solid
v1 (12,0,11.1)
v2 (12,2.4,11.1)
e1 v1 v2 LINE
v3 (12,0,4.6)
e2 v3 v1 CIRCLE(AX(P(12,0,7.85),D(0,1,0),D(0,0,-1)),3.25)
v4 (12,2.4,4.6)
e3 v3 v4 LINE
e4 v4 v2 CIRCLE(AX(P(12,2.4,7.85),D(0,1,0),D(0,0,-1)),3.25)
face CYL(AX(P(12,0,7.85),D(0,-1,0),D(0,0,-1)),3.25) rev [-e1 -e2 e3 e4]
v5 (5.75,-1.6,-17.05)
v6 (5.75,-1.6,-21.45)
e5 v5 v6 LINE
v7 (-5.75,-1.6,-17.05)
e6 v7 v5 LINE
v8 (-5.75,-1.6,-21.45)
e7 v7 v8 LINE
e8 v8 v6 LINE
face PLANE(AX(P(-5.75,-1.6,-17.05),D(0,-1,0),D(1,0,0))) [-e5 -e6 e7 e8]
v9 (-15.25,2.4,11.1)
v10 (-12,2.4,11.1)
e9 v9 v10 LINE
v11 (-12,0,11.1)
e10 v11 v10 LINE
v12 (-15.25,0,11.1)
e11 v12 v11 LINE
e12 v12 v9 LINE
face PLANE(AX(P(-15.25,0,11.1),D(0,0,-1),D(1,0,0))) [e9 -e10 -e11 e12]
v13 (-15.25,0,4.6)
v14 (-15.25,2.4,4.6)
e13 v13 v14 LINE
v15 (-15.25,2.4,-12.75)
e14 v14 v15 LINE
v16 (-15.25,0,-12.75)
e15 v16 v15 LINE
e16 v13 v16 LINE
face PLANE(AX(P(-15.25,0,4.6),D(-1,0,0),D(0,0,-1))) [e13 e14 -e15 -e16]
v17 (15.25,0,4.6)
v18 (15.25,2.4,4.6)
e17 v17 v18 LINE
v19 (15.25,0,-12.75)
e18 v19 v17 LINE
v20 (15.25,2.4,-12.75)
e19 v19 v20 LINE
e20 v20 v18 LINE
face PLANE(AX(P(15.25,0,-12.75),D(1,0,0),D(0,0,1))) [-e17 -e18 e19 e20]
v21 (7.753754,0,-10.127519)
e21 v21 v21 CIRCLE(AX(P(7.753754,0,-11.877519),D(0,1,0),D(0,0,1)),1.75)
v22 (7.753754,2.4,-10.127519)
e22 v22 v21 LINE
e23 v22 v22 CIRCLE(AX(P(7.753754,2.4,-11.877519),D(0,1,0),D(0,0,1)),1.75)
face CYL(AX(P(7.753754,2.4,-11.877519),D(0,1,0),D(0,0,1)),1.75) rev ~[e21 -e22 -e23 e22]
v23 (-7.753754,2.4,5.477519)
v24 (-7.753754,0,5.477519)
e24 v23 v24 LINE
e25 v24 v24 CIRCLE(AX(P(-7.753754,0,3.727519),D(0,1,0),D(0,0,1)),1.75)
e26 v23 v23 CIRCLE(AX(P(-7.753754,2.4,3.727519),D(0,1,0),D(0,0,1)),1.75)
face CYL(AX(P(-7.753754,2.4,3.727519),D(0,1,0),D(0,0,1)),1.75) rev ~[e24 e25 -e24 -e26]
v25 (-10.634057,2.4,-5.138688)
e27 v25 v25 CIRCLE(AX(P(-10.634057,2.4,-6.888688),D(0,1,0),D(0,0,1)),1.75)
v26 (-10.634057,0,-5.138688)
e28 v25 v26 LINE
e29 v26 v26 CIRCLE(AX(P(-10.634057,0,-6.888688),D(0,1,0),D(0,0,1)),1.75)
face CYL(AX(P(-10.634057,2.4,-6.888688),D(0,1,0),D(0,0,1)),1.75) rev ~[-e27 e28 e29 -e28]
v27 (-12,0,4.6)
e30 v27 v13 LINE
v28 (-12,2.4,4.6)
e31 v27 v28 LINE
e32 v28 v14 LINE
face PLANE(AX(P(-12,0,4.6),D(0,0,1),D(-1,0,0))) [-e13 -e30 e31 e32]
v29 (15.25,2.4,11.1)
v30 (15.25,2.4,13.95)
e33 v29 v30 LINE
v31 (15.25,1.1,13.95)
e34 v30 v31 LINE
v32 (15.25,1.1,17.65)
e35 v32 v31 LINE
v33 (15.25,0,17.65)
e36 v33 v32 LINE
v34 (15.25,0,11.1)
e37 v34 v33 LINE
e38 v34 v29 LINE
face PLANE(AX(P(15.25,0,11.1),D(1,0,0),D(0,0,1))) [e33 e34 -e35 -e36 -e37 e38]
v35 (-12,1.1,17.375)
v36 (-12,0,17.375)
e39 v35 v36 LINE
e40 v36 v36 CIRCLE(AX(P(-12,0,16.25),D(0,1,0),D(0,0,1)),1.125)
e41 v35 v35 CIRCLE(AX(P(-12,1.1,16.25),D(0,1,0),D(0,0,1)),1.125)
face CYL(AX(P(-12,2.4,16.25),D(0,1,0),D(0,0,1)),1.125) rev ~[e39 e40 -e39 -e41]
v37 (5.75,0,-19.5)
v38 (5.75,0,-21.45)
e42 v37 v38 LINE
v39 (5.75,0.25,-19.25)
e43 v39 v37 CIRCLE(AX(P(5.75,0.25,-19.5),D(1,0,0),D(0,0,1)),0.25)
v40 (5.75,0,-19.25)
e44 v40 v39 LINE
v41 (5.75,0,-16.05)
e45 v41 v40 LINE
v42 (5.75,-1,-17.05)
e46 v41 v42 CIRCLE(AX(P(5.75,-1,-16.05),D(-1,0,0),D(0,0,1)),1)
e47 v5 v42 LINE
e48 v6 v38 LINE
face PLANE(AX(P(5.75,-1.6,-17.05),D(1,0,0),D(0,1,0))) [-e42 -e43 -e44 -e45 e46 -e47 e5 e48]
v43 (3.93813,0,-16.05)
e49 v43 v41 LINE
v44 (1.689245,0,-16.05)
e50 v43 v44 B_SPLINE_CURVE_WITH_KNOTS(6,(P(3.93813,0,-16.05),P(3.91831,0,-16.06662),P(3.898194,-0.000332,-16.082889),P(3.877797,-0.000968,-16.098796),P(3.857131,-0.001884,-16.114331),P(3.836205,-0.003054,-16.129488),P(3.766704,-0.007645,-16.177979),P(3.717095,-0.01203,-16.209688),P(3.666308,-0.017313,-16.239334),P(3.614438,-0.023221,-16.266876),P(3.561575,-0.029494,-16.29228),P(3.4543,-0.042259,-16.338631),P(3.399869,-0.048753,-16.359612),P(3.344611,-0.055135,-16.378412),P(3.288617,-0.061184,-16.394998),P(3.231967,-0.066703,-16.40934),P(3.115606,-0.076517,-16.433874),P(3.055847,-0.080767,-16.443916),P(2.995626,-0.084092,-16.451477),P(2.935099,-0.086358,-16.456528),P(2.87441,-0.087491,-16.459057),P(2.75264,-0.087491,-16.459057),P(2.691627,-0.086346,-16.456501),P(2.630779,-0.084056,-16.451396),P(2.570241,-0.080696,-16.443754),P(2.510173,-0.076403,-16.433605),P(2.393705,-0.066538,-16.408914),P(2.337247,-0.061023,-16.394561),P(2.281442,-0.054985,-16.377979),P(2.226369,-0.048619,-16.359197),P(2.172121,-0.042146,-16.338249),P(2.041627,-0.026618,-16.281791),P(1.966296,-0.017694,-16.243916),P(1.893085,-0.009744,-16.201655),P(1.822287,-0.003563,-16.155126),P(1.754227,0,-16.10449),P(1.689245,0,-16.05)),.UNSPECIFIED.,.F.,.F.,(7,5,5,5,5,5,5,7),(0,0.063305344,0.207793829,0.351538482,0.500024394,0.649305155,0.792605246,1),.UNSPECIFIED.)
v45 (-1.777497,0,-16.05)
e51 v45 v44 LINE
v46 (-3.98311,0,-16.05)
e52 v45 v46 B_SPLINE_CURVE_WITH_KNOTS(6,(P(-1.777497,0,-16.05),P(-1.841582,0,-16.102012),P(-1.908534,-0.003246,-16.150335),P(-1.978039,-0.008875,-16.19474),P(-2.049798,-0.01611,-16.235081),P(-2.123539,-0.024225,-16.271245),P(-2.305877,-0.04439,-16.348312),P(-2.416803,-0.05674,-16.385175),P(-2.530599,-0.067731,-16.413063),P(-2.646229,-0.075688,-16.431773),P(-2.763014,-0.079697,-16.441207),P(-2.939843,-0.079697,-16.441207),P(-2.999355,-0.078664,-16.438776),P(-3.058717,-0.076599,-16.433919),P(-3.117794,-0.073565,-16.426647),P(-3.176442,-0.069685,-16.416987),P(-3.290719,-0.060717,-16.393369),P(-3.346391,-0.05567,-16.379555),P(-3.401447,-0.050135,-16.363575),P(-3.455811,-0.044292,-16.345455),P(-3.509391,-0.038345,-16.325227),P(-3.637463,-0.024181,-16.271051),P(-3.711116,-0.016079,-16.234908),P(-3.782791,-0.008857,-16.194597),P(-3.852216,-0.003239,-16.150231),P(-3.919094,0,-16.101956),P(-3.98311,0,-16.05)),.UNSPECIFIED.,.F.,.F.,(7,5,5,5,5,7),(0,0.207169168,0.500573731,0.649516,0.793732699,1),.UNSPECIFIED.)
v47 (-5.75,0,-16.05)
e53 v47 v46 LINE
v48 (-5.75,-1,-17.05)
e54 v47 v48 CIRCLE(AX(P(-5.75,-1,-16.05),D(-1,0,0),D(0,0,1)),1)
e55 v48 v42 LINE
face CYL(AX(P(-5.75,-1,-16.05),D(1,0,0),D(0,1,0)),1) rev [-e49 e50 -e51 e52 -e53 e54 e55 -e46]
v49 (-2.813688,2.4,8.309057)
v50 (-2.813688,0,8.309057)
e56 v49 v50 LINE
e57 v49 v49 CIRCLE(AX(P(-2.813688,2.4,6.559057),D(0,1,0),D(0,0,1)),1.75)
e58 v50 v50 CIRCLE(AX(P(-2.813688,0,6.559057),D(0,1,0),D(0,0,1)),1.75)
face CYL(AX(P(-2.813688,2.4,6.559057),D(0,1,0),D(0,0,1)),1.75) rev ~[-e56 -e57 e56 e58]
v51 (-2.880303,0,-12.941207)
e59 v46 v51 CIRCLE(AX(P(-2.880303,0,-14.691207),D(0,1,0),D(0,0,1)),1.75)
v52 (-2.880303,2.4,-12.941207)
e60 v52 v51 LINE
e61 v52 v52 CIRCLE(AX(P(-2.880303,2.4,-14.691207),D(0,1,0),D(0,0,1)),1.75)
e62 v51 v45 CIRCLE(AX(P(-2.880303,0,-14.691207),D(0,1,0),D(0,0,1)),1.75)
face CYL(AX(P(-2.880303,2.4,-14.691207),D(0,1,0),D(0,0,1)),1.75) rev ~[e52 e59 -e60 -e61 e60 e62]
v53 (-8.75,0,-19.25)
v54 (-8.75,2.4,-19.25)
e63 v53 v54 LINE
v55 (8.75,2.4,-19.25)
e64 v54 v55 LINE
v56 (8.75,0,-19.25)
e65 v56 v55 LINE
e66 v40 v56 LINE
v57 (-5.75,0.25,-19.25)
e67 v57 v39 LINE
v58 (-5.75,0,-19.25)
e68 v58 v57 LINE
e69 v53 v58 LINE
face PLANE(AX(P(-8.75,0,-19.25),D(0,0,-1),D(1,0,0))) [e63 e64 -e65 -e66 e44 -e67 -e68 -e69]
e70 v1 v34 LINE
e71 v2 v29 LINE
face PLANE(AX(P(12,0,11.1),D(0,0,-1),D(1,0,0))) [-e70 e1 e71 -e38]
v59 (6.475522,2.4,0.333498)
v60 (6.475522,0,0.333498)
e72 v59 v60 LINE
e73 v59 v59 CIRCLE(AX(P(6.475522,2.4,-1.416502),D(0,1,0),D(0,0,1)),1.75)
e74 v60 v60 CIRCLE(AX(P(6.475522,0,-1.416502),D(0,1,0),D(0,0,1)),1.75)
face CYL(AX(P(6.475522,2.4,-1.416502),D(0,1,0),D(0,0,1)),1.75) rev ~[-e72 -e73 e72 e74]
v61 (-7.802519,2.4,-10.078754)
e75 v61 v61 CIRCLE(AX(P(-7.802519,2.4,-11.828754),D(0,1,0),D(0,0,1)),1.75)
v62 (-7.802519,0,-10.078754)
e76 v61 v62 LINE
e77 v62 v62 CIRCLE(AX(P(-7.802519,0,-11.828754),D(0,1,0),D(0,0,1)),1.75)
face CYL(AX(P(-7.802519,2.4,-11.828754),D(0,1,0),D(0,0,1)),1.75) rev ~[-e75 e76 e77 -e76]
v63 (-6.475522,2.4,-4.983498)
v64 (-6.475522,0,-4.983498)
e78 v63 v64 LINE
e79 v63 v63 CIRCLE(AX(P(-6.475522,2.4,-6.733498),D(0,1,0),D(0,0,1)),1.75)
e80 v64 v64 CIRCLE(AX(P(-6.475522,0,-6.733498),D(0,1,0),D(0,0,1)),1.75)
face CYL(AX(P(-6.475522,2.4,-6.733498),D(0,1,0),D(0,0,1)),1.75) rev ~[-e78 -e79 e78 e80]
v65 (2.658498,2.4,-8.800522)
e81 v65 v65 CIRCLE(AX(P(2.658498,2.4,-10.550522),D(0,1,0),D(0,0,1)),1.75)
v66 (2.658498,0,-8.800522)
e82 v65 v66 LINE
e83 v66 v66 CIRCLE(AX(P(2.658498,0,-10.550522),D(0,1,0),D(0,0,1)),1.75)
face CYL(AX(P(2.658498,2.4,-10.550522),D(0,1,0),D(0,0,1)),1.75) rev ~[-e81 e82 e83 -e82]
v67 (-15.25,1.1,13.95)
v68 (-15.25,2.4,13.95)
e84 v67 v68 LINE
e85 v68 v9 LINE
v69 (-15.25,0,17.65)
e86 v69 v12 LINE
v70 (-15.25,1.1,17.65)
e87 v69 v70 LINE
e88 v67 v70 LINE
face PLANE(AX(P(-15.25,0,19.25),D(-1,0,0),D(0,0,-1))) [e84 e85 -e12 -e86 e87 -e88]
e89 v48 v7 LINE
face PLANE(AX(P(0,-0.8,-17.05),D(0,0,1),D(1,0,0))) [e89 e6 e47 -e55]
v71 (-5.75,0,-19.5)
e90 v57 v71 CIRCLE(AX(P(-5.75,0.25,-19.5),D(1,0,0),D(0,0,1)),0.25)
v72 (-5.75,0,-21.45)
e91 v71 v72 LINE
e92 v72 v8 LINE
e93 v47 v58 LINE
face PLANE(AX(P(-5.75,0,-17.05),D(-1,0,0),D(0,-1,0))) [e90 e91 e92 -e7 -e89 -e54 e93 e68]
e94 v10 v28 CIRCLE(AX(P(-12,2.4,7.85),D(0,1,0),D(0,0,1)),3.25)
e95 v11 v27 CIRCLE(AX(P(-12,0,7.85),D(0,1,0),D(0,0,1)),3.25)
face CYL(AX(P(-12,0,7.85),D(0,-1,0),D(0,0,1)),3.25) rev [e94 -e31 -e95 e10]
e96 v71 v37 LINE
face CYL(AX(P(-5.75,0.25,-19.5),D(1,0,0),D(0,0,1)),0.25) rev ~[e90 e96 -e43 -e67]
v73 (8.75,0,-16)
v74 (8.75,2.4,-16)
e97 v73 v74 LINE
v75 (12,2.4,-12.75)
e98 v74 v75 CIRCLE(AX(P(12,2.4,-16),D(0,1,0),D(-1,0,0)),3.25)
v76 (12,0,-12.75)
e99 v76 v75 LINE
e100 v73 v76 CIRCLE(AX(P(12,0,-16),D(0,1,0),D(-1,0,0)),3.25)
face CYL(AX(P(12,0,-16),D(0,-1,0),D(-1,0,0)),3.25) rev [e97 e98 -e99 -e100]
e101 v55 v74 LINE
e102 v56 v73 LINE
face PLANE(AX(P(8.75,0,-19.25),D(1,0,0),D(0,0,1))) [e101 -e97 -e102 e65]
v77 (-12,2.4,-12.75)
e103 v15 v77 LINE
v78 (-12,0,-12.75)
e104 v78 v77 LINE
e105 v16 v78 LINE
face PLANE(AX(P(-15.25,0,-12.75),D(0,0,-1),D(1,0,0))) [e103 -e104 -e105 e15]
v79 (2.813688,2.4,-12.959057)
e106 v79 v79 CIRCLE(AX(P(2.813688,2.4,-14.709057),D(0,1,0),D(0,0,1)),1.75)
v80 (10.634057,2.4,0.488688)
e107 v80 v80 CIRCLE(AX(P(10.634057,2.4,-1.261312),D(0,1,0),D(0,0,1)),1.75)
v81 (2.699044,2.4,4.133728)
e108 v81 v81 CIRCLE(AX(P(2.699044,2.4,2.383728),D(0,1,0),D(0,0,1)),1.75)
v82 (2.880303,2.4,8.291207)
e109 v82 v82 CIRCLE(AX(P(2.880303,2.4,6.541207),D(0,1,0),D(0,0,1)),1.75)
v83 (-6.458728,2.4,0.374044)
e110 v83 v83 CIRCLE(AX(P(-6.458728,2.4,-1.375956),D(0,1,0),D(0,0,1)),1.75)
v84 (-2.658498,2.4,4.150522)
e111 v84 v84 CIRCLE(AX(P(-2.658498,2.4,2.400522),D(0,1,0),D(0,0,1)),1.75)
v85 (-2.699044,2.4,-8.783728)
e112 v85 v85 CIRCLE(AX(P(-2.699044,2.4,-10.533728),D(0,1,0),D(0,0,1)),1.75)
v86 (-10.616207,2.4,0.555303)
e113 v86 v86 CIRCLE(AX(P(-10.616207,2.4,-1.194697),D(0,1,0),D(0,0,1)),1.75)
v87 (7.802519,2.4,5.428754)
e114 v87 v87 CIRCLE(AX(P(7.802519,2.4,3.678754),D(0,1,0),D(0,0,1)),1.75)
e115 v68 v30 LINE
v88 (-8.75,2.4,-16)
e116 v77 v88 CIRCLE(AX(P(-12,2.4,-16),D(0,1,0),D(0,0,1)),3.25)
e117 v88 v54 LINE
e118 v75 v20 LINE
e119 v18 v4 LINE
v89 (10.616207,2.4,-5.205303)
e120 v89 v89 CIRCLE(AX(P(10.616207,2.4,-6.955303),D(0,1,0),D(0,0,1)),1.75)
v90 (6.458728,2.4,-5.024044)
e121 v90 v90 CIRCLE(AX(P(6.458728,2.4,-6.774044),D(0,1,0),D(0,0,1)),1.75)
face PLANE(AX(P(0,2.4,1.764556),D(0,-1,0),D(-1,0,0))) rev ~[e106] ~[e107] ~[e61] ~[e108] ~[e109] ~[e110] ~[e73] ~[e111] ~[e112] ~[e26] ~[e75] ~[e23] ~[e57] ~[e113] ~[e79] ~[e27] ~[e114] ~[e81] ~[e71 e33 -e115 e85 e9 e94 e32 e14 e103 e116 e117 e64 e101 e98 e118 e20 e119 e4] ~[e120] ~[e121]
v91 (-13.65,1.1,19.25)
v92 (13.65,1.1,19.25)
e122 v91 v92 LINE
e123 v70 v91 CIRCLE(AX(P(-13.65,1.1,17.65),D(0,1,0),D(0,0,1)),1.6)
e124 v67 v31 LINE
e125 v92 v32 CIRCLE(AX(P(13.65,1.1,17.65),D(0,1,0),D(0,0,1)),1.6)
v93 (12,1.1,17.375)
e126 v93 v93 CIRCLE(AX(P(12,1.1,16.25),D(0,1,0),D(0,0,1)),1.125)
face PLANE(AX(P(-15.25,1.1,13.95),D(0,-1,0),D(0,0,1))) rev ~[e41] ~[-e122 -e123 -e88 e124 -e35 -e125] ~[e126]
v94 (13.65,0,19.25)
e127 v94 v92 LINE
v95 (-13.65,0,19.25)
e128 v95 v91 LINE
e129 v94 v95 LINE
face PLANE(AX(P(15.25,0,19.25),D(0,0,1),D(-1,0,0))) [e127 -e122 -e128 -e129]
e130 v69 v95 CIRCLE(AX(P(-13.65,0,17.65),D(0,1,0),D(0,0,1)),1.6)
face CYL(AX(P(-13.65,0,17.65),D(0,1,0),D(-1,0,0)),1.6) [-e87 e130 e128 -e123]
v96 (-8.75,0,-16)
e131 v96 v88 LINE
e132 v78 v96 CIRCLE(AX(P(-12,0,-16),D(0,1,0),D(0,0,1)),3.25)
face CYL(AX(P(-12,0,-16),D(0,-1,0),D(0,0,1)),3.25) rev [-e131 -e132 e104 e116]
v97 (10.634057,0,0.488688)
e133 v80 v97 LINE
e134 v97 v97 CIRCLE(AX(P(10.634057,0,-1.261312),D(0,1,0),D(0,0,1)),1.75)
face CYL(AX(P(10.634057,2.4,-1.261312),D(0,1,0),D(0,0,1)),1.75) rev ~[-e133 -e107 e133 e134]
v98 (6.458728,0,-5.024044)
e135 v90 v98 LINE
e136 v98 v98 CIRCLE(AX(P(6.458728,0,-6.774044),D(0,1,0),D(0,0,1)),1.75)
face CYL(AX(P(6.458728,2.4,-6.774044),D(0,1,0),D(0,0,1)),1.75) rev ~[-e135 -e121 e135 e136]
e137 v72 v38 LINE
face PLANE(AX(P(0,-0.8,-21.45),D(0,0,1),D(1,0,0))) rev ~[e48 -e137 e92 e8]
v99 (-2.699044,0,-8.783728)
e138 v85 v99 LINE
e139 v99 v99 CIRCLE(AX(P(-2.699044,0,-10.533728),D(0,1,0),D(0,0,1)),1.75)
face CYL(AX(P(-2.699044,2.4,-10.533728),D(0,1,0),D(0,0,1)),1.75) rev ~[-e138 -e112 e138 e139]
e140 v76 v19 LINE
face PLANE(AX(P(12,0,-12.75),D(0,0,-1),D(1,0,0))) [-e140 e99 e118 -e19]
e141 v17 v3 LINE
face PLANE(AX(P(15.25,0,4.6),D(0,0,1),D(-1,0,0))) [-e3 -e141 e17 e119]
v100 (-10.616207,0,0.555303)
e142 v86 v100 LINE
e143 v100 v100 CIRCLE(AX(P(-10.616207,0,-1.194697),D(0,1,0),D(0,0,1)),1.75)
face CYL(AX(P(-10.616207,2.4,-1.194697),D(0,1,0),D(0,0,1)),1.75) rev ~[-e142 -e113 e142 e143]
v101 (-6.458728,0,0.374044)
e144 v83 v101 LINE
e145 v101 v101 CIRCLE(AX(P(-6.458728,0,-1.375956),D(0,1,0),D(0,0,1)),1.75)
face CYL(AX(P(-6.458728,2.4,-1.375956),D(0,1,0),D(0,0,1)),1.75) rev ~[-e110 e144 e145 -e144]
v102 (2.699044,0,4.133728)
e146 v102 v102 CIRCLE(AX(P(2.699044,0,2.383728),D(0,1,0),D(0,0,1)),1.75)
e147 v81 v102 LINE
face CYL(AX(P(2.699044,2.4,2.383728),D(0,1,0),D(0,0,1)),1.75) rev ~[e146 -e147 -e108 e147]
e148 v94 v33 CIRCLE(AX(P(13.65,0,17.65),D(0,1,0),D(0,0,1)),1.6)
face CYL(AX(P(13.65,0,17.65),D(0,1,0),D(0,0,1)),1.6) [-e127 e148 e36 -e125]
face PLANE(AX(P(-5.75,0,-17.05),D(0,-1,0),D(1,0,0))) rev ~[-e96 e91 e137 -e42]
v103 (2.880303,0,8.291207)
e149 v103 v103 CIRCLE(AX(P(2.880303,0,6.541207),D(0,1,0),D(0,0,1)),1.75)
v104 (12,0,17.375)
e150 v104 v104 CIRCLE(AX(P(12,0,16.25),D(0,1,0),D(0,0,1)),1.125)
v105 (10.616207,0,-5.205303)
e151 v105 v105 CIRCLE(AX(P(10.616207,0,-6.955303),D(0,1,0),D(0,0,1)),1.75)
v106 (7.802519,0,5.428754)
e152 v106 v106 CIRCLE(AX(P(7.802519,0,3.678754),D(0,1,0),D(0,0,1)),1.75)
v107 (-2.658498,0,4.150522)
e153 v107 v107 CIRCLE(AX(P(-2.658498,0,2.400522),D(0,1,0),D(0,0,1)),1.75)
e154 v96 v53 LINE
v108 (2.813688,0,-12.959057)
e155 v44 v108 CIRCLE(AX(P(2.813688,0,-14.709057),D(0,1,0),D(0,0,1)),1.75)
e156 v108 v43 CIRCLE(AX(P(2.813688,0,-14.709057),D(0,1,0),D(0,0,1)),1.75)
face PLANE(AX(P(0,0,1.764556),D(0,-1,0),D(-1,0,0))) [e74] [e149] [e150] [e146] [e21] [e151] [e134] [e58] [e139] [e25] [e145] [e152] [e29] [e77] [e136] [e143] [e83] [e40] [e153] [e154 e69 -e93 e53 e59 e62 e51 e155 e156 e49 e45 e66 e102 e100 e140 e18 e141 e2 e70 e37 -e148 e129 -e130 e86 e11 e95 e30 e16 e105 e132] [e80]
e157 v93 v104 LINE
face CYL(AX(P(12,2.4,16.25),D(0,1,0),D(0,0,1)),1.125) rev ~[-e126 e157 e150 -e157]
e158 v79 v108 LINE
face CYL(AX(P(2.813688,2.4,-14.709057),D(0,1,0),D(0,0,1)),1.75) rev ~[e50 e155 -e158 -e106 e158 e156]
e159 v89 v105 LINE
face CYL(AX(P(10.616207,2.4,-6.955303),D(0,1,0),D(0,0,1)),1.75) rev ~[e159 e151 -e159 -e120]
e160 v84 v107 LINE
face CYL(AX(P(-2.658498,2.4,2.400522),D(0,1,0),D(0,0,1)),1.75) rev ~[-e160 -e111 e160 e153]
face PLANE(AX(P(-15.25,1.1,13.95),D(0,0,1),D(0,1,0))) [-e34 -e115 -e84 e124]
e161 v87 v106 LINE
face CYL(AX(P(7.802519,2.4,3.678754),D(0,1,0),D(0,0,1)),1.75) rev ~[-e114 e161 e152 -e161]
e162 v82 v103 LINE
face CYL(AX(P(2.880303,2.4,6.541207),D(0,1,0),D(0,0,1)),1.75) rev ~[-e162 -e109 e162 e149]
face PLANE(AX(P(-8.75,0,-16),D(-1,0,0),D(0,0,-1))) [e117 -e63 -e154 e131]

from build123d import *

# Parameters (mm, degrees)
BOSS_EXTRUDE1_DEPTH      = 2.4
BOSS_EXTRUDE2_DEPTH      = 2.2
BOSS_EXTRUDE2_DEPTH_BACK = 2.2
SKETCH3_R                = 1.125
CUT_EXTRUDE1_DEPTH       = 27.620762574
SKETCH4_W                = 5.3
SKETCH4_H                = 1.3
CUT_EXTRUDE2_DEPTH       = 38.364588851
FILLET1_R                = 1.6
FILLET2_R                = 0.25
FILLET3_R                = 1
SKETCH5_R                = 1.75
CUT_EXTRUDE3_DEPTH       = 27.620762574


with BuildPart() as part:
    # Sketch1 → Boss-Extrude1 (new body)
    with BuildSketch(Plane(origin=(0, 0, 0), x_dir=(1, 0, 0), z_dir=(0, 1, 0))):
        with BuildLine():
            Line((-8.75, 16), (-8.75, 19.25))
            Line((-8.75, 19.25), (8.75, 19.25))
            Line((8.75, 19.25), (8.75, 16))
            ThreePointArc((8.75, 16), (9.701902961, 13.701902961), (12, 12.75))
            Line((12, 12.75), (15.25, 12.75))
            Line((15.25, 12.75), (15.25, -4.6))
            Line((15.25, -4.6), (12, -4.6))
            ThreePointArc((12, -4.6), (8.75, -7.85), (12, -11.1))
            Line((12, -11.1), (15.25, -11.1))
            Line((15.25, -11.1), (15.25, -19.25))
            Line((15.25, -19.25), (-15.25, -19.25))
            Line((-15.25, -19.25), (-15.25, -11.1))
            Line((-15.25, -11.1), (-12, -11.1))
            ThreePointArc((-12, -11.1), (-8.75, -7.85), (-12, -4.6))
            Line((-12, -4.6), (-15.25, -4.6))
            Line((-15.25, -4.6), (-15.25, 12.75))
            Line((-15.25, 12.75), (-12, 12.75))
            ThreePointArc((-12, 12.75), (-9.701902961, 13.701902961), (-8.75, 16))
        make_face()
    extrude(amount=BOSS_EXTRUDE1_DEPTH)

    # Sketch2 → Boss-Extrude2 (add, two sides: drawn at the far end of the back side and taken through both)
    with BuildSketch(Plane(origin=(0, 0, -19.25), x_dir=(-1, 0, 0), z_dir=(0, 0, -1)).offset(-BOSS_EXTRUDE2_DEPTH_BACK)):
        Polygon((0, 0), (5.75, 0), (5.75, -1.6), (-5.75, -1.6), (-5.75, 0), align=None)
    extrude(amount=BOSS_EXTRUDE2_DEPTH + BOSS_EXTRUDE2_DEPTH_BACK)

    # Sketch3 → Cut-Extrude1 (cut, through all)
    with BuildSketch(Plane(origin=(0, 2.4, 0), x_dir=(1, 0, 0), z_dir=(0, 1, 0))):
        with Locations(Location((-12, -16.25, 0), (0, 0, 270))):
            Circle(SKETCH3_R)
        with Locations(Location((12, -16.25, 0), (0, 0, 270))):
            Circle(SKETCH3_R)
    extrude(amount=-CUT_EXTRUDE1_DEPTH, mode=Mode.SUBTRACT)

    # Sketch4 → Cut-Extrude2 (cut, through all)
    with BuildSketch(Plane.ZY.offset(15.25)):
        with Locations((16.6, 1.75)):
            Rectangle(SKETCH4_W, SKETCH4_H)
    extrude(amount=-CUT_EXTRUDE2_DEPTH, mode=Mode.SUBTRACT)

    # Fillet1
    fillet1_edges = [part.edges().sort_by_distance(p)[0] for p in [
        (15.25, 0.55, 19.25),
        (-15.25, 0.55, 19.25),
    ]]
    fillet(fillet1_edges, radius=FILLET1_R)

    # Fillet2
    fillet2_edges = [part.edges().sort_by_distance(p)[0] for p in [
        (0, 0, -19.25),
    ]]
    fillet(fillet2_edges, radius=FILLET2_R)

    # Fillet3
    fillet3_edges = [part.edges().sort_by_distance(p)[0] for p in [
        (0, 0, -17.05),
    ]]
    fillet(fillet3_edges, radius=FILLET3_R)

    # Sketch5 → Cut-Extrude3 (cut, through all)
    with BuildSketch(Plane(origin=(0, 2.4, 0), x_dir=(1, 0, 0), z_dir=(0, 1, 0))):
        with Locations(Location((-6.475522352, 6.733497746, 0), (0, 0, 270))):
            Circle(SKETCH5_R)
        with Locations(Location((-10.634056634, 6.888687884, 0), (0, 0, 270))):
            Circle(SKETCH5_R)
        with Locations(Location((-7.802519248, 11.828753503, 0), (0, 0, 270))):
            Circle(SKETCH5_R)
        with Locations(Location((-6.458727551, 1.375956017, 0), (0, 0, 270))):
            Circle(SKETCH5_R)
        with Locations(Location((-2.658497746, -2.400522352, 0), (0, 0, 270))):
            Circle(SKETCH5_R)
        with Locations(Location((2.699043983, -2.383727551, 0), (0, 0, 270))):
            Circle(SKETCH5_R)
        with Locations(Location((6.475522352, 1.416502254, 0), (0, 0, 270))):
            Circle(SKETCH5_R)
        with Locations(Location((6.458727551, 6.774043983, 0), (0, 0, 270))):
            Circle(SKETCH5_R)
        with Locations(Location((2.658497746, 10.550522352, 0), (0, 0, 270))):
            Circle(SKETCH5_R)
        with Locations(Location((-2.699043983, 10.533727551, 0), (0, 0, 270))):
            Circle(SKETCH5_R)
        with Locations(Location((-2.880303131, 14.691207132, 0), (0, 0, 270))):
            Circle(SKETCH5_R)
        with Locations(Location((2.813687884, 14.709056634, 0), (0, 0, 270))):
            Circle(SKETCH5_R)
        with Locations(Location((7.753753503, 11.877519248, 0), (0, 0, 270))):
            Circle(SKETCH5_R)
        with Locations(Location((10.616207132, 6.955303131, 0), (0, 0, 270))):
            Circle(SKETCH5_R)
        with Locations(Location((10.634056634, 1.261312116, 0), (0, 0, 270))):
            Circle(SKETCH5_R)
        with Locations(Location((7.802519248, -3.678753503, 0), (0, 0, 270))):
            Circle(SKETCH5_R)
        with Locations(Location((2.880303131, -6.541207132, 0), (0, 0, 270))):
            Circle(SKETCH5_R)
        with Locations(Location((-2.813687884, -6.559056634, 0), (0, 0, 270))):
            Circle(SKETCH5_R)
        with Locations(Location((-7.753753503, -3.727519248, 0), (0, 0, 270))):
            Circle(SKETCH5_R)
        with Locations(Location((-10.616207132, 1.194696869, 0), (0, 0, 270))):
            Circle(SKETCH5_R)
    extrude(amount=-CUT_EXTRUDE3_DEPTH, mode=Mode.SUBTRACT)


solid = part.part
